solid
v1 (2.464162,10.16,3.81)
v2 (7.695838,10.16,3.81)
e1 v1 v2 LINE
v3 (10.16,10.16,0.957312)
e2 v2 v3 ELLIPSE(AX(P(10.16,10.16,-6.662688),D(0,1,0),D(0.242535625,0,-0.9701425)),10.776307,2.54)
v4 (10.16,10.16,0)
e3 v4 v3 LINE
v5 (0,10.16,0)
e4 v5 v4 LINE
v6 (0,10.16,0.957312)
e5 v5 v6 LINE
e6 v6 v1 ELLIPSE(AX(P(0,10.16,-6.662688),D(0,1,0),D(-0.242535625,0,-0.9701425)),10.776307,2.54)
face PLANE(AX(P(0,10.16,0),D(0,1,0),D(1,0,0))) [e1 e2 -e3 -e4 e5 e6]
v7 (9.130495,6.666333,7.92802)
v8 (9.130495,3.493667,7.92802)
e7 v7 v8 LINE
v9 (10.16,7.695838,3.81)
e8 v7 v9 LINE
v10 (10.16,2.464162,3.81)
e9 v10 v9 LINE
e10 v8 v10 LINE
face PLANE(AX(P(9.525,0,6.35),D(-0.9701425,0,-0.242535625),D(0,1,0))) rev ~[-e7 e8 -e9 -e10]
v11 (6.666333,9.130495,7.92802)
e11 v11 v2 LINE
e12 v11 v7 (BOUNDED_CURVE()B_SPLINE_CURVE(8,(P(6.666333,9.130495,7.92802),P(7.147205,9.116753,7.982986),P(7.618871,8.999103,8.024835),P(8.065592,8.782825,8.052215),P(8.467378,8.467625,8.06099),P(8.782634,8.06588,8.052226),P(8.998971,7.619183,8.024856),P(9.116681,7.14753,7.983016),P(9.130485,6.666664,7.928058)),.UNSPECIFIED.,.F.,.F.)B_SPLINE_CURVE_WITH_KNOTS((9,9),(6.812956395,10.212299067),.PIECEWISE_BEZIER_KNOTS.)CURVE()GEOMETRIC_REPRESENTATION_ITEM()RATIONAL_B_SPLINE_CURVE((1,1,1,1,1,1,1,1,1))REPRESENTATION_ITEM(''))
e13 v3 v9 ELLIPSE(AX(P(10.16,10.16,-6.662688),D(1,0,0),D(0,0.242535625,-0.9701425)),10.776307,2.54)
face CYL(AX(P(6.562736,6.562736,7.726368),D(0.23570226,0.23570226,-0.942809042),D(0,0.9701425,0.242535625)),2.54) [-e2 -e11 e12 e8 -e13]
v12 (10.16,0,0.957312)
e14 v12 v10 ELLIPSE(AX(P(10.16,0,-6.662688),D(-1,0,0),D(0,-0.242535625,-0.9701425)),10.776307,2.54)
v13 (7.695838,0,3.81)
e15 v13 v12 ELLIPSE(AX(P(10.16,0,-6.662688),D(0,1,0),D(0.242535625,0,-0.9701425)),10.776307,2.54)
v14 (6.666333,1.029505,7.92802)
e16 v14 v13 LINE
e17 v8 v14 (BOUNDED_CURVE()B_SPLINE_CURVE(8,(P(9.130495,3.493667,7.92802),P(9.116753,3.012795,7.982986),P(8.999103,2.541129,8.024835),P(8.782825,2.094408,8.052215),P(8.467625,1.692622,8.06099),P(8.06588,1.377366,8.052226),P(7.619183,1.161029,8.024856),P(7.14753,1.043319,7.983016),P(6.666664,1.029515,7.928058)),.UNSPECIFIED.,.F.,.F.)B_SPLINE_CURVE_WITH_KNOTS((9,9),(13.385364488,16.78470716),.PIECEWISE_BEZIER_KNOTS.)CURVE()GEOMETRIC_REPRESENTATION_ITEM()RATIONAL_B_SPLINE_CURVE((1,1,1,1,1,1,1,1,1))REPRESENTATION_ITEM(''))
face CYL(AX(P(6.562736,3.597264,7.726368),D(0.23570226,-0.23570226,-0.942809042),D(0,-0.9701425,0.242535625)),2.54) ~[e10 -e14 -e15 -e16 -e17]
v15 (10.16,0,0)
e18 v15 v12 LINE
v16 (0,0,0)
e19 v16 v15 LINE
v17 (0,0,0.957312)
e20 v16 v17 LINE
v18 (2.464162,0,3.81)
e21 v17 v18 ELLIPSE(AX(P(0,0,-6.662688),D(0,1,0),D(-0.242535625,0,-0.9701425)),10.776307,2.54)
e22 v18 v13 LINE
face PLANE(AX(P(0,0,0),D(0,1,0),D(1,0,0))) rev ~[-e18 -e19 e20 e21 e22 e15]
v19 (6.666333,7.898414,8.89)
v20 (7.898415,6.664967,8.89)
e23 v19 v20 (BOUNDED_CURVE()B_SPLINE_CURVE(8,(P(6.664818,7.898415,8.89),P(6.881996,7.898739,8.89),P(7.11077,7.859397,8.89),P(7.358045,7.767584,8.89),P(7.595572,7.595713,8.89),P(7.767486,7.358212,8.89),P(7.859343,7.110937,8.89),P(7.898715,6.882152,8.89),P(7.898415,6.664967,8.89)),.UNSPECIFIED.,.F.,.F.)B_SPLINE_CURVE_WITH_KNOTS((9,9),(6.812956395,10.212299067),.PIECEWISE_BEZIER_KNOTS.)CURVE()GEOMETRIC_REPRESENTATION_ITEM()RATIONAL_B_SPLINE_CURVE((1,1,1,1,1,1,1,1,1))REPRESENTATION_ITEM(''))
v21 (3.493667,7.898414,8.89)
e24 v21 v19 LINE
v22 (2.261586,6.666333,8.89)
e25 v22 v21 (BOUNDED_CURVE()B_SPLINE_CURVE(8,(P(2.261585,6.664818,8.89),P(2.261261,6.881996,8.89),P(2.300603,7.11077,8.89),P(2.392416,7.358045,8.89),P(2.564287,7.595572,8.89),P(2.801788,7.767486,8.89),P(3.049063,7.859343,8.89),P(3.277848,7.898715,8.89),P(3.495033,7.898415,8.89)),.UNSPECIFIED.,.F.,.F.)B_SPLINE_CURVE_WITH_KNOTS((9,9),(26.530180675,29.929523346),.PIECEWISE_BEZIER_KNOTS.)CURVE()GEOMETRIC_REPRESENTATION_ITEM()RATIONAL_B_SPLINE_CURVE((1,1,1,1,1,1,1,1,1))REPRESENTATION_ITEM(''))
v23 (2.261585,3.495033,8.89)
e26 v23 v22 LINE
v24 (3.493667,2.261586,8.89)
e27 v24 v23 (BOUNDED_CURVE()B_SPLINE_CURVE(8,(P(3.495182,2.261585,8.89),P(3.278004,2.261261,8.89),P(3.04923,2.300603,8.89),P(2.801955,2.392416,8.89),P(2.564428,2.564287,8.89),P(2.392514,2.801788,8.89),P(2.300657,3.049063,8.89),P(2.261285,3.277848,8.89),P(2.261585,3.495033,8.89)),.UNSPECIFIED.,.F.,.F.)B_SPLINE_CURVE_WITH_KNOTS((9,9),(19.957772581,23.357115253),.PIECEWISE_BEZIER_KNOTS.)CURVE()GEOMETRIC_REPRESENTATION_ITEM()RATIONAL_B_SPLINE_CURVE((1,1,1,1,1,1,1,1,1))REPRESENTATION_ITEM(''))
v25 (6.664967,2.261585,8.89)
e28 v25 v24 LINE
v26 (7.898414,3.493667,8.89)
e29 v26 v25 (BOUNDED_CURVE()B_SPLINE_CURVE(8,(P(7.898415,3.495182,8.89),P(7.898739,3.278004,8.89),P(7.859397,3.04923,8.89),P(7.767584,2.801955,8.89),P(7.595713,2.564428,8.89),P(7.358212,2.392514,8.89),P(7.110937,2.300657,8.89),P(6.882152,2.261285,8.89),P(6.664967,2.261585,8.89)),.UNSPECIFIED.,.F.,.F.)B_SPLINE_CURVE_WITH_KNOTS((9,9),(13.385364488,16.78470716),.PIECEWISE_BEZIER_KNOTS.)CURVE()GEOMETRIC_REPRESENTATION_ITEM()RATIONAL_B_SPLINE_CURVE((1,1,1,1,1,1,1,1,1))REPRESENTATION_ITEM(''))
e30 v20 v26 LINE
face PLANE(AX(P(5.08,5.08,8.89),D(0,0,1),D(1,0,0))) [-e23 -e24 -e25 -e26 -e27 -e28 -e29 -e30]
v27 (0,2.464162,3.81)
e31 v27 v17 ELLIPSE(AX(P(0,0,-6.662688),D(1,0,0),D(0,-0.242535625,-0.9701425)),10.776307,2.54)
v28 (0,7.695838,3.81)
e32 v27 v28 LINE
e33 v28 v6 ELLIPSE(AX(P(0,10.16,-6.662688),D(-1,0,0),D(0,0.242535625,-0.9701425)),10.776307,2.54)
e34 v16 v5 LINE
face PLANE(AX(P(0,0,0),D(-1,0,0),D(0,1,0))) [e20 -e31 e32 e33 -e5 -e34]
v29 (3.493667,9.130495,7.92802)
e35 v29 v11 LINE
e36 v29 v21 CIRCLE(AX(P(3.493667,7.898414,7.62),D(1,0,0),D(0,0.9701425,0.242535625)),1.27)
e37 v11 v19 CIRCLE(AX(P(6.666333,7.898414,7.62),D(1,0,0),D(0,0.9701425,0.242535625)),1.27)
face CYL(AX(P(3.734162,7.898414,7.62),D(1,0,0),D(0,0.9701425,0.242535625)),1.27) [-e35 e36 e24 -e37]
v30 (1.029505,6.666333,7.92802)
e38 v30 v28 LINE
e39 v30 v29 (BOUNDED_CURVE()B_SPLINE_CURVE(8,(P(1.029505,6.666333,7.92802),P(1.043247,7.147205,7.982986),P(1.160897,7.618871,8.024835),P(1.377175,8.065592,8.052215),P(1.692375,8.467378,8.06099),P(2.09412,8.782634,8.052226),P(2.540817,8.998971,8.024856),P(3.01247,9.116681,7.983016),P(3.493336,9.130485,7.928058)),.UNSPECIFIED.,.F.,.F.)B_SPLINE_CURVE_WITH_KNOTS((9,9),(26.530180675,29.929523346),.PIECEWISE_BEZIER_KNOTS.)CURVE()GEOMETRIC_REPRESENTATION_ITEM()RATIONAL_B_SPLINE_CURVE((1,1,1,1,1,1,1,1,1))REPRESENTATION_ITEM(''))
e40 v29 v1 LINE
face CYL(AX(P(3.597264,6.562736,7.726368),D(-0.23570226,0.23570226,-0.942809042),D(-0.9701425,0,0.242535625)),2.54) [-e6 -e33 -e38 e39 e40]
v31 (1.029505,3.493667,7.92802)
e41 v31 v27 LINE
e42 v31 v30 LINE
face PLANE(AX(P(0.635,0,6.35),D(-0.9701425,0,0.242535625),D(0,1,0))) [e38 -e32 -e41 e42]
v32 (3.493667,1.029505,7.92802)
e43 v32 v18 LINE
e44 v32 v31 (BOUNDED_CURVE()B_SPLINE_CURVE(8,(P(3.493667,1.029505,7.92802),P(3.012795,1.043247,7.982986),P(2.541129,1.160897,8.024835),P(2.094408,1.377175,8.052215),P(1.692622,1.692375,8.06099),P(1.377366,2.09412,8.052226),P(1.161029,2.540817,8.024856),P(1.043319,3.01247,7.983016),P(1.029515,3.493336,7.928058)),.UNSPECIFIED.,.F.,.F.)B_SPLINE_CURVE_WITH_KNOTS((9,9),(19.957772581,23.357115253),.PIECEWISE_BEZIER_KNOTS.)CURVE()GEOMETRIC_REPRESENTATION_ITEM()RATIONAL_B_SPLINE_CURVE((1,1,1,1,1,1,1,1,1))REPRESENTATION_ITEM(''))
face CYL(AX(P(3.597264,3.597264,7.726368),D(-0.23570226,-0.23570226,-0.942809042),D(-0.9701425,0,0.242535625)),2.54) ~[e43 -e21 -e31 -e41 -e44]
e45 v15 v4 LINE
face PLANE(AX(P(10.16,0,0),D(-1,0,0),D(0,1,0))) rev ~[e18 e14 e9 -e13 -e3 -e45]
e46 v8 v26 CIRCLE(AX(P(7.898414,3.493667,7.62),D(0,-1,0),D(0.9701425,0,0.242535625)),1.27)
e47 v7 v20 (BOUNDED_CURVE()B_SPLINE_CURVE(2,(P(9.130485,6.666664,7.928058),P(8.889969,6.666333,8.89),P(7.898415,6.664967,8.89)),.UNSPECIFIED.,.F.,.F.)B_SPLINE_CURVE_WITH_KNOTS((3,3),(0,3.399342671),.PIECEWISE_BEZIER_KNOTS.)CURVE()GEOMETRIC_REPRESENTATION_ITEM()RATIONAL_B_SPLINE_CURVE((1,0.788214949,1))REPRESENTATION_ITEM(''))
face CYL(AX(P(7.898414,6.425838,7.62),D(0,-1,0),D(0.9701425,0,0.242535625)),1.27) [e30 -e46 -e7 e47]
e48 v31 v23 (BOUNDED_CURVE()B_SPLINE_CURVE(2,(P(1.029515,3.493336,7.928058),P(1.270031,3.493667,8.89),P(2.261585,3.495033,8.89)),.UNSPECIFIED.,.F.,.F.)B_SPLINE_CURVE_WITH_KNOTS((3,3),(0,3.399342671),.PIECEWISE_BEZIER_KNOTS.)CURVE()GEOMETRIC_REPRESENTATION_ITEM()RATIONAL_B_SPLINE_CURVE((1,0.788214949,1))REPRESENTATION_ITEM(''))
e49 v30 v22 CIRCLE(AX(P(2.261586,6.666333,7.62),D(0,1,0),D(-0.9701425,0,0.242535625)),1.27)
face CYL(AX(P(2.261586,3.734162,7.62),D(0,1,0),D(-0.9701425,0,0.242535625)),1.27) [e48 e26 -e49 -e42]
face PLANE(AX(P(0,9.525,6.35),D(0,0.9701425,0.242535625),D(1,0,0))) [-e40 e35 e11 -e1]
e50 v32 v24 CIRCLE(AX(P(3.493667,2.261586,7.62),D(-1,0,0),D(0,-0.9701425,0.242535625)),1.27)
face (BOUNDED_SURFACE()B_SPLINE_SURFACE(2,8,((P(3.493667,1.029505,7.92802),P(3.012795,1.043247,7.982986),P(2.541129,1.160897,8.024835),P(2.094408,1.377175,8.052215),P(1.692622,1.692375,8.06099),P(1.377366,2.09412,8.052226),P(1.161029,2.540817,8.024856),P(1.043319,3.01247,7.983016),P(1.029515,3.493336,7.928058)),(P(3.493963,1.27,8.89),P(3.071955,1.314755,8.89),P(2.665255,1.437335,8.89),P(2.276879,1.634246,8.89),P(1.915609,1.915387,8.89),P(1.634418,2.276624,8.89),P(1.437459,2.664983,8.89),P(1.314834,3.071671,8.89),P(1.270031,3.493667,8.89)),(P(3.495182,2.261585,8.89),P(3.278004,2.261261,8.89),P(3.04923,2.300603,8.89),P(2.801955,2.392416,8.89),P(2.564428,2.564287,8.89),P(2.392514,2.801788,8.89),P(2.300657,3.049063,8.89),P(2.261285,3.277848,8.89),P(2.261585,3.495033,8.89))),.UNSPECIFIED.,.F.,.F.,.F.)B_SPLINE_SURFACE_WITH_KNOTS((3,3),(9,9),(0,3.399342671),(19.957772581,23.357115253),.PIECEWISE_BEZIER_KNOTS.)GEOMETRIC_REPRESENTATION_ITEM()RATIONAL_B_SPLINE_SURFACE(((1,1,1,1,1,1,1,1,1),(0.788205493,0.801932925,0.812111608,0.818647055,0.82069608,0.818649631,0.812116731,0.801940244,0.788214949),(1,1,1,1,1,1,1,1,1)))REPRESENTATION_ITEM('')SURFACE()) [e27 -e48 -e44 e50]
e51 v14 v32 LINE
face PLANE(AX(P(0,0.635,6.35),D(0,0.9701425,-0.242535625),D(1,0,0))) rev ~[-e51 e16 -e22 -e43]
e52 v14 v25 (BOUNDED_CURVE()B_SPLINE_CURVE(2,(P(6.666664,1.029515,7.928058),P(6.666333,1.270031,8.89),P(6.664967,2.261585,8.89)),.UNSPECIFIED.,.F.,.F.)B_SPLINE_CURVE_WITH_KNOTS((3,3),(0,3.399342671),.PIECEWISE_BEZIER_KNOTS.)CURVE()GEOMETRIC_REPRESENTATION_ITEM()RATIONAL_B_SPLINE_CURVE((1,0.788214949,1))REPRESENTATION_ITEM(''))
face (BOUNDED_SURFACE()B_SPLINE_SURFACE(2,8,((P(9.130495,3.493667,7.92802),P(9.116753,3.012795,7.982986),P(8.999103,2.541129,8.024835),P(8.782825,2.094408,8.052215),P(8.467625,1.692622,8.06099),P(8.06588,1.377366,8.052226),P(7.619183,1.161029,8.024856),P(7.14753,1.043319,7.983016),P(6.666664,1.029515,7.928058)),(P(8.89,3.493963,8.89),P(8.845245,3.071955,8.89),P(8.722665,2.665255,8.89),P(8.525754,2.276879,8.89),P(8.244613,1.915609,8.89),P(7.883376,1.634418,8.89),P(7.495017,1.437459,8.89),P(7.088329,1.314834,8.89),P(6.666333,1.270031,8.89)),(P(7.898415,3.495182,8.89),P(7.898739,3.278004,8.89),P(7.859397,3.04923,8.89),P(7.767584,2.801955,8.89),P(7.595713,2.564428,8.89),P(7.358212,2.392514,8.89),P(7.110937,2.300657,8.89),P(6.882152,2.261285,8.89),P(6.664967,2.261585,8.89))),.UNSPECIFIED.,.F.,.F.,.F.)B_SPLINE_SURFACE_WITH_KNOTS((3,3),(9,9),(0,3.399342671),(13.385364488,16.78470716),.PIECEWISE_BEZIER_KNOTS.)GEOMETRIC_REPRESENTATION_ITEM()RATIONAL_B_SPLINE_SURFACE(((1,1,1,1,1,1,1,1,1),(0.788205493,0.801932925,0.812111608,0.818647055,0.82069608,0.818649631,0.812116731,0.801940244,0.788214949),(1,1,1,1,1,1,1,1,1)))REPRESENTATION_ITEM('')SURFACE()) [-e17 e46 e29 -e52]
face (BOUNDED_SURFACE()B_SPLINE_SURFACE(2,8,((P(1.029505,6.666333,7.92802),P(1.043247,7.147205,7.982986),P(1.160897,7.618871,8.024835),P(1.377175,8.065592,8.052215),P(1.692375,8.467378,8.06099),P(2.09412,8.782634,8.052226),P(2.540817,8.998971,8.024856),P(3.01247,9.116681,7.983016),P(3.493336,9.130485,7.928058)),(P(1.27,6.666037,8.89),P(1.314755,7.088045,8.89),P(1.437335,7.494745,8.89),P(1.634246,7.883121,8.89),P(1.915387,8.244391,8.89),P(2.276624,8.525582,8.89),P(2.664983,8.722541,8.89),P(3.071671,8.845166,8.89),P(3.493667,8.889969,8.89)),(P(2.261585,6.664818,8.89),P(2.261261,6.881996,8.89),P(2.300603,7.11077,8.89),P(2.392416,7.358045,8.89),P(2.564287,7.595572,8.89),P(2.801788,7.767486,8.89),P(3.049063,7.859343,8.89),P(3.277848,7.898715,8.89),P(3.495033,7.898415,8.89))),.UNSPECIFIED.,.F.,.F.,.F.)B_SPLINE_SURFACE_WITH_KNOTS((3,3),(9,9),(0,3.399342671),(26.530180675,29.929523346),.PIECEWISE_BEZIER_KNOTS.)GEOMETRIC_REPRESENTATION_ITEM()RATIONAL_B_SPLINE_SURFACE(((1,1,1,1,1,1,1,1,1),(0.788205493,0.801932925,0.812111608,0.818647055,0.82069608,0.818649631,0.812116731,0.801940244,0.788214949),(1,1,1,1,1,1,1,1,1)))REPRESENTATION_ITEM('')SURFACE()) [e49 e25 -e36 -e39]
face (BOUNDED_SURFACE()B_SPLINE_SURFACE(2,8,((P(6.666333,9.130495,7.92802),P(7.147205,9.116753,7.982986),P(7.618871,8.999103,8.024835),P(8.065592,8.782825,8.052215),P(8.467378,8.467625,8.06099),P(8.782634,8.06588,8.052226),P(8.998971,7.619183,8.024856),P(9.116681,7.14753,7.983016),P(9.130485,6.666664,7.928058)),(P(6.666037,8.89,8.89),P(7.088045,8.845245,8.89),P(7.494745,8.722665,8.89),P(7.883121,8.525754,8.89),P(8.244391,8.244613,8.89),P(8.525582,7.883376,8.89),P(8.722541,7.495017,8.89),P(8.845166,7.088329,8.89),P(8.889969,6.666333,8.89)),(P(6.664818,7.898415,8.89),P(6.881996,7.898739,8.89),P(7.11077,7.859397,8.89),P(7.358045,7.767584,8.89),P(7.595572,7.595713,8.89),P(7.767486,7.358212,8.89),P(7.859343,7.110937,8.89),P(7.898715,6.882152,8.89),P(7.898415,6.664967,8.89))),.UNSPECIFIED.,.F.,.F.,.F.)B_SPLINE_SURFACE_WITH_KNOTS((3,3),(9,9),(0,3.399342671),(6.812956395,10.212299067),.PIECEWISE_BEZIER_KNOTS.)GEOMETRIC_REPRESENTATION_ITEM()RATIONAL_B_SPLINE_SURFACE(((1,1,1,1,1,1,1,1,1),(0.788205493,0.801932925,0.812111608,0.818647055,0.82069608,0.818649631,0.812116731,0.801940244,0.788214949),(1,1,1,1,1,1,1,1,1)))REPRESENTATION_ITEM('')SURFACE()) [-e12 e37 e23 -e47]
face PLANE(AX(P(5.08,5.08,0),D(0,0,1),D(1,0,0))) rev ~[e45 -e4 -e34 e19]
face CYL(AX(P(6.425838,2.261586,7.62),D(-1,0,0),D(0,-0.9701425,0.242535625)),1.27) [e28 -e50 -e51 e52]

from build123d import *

# Parameters (mm, degrees)
F0_W     = 10.16
F0_H     = 10.16
F1_DEPTH = 8.89
F2_SIZE2 = 5.08
F2_SIZE  = 1.27
F3_R     = 2.54
F4_R     = 1.27


with BuildPart() as f1:
    # F0 (on Top) → F1 (new body)
    with BuildSketch(Plane.XY):
        with Locations((5.08, 5.08)):
            Rectangle(F0_W, F0_H)
    extrude(amount=F1_DEPTH)

    # F2
    f2_edges = [f1.edges().sort_by_distance(p)[0] for p in [
        (10.16, 5.08, 8.89),
        (5.08, 0, 8.89),
        (0, 5.08, 8.89),
        (5.08, 10.16, 8.89),
    ]]
    f2_side = f1.faces().sort_by_distance((5.08, 5.08, 8.89))[0]
    chamfer(f2_edges, length=F2_SIZE, length2=F2_SIZE2, reference=f2_side)

    # F3
    f3_edges = [f1.edges().sort_by_distance(p)[0] for p in [
        (9.525, 0.635, 6.35),
        (9.525, 9.525, 6.35),
        (0.635, 9.525, 6.35),
        (0.635, 0.635, 6.35),
    ]]
    fillet(f3_edges, radius=F3_R)

    # F4
    f4_edges = [f1.edges().sort_by_distance(p)[0] for p in [
        (1.983172, 8.176828, 8.89),
    ]]
    fillet(f4_edges, radius=F4_R)


solid = f1.part
